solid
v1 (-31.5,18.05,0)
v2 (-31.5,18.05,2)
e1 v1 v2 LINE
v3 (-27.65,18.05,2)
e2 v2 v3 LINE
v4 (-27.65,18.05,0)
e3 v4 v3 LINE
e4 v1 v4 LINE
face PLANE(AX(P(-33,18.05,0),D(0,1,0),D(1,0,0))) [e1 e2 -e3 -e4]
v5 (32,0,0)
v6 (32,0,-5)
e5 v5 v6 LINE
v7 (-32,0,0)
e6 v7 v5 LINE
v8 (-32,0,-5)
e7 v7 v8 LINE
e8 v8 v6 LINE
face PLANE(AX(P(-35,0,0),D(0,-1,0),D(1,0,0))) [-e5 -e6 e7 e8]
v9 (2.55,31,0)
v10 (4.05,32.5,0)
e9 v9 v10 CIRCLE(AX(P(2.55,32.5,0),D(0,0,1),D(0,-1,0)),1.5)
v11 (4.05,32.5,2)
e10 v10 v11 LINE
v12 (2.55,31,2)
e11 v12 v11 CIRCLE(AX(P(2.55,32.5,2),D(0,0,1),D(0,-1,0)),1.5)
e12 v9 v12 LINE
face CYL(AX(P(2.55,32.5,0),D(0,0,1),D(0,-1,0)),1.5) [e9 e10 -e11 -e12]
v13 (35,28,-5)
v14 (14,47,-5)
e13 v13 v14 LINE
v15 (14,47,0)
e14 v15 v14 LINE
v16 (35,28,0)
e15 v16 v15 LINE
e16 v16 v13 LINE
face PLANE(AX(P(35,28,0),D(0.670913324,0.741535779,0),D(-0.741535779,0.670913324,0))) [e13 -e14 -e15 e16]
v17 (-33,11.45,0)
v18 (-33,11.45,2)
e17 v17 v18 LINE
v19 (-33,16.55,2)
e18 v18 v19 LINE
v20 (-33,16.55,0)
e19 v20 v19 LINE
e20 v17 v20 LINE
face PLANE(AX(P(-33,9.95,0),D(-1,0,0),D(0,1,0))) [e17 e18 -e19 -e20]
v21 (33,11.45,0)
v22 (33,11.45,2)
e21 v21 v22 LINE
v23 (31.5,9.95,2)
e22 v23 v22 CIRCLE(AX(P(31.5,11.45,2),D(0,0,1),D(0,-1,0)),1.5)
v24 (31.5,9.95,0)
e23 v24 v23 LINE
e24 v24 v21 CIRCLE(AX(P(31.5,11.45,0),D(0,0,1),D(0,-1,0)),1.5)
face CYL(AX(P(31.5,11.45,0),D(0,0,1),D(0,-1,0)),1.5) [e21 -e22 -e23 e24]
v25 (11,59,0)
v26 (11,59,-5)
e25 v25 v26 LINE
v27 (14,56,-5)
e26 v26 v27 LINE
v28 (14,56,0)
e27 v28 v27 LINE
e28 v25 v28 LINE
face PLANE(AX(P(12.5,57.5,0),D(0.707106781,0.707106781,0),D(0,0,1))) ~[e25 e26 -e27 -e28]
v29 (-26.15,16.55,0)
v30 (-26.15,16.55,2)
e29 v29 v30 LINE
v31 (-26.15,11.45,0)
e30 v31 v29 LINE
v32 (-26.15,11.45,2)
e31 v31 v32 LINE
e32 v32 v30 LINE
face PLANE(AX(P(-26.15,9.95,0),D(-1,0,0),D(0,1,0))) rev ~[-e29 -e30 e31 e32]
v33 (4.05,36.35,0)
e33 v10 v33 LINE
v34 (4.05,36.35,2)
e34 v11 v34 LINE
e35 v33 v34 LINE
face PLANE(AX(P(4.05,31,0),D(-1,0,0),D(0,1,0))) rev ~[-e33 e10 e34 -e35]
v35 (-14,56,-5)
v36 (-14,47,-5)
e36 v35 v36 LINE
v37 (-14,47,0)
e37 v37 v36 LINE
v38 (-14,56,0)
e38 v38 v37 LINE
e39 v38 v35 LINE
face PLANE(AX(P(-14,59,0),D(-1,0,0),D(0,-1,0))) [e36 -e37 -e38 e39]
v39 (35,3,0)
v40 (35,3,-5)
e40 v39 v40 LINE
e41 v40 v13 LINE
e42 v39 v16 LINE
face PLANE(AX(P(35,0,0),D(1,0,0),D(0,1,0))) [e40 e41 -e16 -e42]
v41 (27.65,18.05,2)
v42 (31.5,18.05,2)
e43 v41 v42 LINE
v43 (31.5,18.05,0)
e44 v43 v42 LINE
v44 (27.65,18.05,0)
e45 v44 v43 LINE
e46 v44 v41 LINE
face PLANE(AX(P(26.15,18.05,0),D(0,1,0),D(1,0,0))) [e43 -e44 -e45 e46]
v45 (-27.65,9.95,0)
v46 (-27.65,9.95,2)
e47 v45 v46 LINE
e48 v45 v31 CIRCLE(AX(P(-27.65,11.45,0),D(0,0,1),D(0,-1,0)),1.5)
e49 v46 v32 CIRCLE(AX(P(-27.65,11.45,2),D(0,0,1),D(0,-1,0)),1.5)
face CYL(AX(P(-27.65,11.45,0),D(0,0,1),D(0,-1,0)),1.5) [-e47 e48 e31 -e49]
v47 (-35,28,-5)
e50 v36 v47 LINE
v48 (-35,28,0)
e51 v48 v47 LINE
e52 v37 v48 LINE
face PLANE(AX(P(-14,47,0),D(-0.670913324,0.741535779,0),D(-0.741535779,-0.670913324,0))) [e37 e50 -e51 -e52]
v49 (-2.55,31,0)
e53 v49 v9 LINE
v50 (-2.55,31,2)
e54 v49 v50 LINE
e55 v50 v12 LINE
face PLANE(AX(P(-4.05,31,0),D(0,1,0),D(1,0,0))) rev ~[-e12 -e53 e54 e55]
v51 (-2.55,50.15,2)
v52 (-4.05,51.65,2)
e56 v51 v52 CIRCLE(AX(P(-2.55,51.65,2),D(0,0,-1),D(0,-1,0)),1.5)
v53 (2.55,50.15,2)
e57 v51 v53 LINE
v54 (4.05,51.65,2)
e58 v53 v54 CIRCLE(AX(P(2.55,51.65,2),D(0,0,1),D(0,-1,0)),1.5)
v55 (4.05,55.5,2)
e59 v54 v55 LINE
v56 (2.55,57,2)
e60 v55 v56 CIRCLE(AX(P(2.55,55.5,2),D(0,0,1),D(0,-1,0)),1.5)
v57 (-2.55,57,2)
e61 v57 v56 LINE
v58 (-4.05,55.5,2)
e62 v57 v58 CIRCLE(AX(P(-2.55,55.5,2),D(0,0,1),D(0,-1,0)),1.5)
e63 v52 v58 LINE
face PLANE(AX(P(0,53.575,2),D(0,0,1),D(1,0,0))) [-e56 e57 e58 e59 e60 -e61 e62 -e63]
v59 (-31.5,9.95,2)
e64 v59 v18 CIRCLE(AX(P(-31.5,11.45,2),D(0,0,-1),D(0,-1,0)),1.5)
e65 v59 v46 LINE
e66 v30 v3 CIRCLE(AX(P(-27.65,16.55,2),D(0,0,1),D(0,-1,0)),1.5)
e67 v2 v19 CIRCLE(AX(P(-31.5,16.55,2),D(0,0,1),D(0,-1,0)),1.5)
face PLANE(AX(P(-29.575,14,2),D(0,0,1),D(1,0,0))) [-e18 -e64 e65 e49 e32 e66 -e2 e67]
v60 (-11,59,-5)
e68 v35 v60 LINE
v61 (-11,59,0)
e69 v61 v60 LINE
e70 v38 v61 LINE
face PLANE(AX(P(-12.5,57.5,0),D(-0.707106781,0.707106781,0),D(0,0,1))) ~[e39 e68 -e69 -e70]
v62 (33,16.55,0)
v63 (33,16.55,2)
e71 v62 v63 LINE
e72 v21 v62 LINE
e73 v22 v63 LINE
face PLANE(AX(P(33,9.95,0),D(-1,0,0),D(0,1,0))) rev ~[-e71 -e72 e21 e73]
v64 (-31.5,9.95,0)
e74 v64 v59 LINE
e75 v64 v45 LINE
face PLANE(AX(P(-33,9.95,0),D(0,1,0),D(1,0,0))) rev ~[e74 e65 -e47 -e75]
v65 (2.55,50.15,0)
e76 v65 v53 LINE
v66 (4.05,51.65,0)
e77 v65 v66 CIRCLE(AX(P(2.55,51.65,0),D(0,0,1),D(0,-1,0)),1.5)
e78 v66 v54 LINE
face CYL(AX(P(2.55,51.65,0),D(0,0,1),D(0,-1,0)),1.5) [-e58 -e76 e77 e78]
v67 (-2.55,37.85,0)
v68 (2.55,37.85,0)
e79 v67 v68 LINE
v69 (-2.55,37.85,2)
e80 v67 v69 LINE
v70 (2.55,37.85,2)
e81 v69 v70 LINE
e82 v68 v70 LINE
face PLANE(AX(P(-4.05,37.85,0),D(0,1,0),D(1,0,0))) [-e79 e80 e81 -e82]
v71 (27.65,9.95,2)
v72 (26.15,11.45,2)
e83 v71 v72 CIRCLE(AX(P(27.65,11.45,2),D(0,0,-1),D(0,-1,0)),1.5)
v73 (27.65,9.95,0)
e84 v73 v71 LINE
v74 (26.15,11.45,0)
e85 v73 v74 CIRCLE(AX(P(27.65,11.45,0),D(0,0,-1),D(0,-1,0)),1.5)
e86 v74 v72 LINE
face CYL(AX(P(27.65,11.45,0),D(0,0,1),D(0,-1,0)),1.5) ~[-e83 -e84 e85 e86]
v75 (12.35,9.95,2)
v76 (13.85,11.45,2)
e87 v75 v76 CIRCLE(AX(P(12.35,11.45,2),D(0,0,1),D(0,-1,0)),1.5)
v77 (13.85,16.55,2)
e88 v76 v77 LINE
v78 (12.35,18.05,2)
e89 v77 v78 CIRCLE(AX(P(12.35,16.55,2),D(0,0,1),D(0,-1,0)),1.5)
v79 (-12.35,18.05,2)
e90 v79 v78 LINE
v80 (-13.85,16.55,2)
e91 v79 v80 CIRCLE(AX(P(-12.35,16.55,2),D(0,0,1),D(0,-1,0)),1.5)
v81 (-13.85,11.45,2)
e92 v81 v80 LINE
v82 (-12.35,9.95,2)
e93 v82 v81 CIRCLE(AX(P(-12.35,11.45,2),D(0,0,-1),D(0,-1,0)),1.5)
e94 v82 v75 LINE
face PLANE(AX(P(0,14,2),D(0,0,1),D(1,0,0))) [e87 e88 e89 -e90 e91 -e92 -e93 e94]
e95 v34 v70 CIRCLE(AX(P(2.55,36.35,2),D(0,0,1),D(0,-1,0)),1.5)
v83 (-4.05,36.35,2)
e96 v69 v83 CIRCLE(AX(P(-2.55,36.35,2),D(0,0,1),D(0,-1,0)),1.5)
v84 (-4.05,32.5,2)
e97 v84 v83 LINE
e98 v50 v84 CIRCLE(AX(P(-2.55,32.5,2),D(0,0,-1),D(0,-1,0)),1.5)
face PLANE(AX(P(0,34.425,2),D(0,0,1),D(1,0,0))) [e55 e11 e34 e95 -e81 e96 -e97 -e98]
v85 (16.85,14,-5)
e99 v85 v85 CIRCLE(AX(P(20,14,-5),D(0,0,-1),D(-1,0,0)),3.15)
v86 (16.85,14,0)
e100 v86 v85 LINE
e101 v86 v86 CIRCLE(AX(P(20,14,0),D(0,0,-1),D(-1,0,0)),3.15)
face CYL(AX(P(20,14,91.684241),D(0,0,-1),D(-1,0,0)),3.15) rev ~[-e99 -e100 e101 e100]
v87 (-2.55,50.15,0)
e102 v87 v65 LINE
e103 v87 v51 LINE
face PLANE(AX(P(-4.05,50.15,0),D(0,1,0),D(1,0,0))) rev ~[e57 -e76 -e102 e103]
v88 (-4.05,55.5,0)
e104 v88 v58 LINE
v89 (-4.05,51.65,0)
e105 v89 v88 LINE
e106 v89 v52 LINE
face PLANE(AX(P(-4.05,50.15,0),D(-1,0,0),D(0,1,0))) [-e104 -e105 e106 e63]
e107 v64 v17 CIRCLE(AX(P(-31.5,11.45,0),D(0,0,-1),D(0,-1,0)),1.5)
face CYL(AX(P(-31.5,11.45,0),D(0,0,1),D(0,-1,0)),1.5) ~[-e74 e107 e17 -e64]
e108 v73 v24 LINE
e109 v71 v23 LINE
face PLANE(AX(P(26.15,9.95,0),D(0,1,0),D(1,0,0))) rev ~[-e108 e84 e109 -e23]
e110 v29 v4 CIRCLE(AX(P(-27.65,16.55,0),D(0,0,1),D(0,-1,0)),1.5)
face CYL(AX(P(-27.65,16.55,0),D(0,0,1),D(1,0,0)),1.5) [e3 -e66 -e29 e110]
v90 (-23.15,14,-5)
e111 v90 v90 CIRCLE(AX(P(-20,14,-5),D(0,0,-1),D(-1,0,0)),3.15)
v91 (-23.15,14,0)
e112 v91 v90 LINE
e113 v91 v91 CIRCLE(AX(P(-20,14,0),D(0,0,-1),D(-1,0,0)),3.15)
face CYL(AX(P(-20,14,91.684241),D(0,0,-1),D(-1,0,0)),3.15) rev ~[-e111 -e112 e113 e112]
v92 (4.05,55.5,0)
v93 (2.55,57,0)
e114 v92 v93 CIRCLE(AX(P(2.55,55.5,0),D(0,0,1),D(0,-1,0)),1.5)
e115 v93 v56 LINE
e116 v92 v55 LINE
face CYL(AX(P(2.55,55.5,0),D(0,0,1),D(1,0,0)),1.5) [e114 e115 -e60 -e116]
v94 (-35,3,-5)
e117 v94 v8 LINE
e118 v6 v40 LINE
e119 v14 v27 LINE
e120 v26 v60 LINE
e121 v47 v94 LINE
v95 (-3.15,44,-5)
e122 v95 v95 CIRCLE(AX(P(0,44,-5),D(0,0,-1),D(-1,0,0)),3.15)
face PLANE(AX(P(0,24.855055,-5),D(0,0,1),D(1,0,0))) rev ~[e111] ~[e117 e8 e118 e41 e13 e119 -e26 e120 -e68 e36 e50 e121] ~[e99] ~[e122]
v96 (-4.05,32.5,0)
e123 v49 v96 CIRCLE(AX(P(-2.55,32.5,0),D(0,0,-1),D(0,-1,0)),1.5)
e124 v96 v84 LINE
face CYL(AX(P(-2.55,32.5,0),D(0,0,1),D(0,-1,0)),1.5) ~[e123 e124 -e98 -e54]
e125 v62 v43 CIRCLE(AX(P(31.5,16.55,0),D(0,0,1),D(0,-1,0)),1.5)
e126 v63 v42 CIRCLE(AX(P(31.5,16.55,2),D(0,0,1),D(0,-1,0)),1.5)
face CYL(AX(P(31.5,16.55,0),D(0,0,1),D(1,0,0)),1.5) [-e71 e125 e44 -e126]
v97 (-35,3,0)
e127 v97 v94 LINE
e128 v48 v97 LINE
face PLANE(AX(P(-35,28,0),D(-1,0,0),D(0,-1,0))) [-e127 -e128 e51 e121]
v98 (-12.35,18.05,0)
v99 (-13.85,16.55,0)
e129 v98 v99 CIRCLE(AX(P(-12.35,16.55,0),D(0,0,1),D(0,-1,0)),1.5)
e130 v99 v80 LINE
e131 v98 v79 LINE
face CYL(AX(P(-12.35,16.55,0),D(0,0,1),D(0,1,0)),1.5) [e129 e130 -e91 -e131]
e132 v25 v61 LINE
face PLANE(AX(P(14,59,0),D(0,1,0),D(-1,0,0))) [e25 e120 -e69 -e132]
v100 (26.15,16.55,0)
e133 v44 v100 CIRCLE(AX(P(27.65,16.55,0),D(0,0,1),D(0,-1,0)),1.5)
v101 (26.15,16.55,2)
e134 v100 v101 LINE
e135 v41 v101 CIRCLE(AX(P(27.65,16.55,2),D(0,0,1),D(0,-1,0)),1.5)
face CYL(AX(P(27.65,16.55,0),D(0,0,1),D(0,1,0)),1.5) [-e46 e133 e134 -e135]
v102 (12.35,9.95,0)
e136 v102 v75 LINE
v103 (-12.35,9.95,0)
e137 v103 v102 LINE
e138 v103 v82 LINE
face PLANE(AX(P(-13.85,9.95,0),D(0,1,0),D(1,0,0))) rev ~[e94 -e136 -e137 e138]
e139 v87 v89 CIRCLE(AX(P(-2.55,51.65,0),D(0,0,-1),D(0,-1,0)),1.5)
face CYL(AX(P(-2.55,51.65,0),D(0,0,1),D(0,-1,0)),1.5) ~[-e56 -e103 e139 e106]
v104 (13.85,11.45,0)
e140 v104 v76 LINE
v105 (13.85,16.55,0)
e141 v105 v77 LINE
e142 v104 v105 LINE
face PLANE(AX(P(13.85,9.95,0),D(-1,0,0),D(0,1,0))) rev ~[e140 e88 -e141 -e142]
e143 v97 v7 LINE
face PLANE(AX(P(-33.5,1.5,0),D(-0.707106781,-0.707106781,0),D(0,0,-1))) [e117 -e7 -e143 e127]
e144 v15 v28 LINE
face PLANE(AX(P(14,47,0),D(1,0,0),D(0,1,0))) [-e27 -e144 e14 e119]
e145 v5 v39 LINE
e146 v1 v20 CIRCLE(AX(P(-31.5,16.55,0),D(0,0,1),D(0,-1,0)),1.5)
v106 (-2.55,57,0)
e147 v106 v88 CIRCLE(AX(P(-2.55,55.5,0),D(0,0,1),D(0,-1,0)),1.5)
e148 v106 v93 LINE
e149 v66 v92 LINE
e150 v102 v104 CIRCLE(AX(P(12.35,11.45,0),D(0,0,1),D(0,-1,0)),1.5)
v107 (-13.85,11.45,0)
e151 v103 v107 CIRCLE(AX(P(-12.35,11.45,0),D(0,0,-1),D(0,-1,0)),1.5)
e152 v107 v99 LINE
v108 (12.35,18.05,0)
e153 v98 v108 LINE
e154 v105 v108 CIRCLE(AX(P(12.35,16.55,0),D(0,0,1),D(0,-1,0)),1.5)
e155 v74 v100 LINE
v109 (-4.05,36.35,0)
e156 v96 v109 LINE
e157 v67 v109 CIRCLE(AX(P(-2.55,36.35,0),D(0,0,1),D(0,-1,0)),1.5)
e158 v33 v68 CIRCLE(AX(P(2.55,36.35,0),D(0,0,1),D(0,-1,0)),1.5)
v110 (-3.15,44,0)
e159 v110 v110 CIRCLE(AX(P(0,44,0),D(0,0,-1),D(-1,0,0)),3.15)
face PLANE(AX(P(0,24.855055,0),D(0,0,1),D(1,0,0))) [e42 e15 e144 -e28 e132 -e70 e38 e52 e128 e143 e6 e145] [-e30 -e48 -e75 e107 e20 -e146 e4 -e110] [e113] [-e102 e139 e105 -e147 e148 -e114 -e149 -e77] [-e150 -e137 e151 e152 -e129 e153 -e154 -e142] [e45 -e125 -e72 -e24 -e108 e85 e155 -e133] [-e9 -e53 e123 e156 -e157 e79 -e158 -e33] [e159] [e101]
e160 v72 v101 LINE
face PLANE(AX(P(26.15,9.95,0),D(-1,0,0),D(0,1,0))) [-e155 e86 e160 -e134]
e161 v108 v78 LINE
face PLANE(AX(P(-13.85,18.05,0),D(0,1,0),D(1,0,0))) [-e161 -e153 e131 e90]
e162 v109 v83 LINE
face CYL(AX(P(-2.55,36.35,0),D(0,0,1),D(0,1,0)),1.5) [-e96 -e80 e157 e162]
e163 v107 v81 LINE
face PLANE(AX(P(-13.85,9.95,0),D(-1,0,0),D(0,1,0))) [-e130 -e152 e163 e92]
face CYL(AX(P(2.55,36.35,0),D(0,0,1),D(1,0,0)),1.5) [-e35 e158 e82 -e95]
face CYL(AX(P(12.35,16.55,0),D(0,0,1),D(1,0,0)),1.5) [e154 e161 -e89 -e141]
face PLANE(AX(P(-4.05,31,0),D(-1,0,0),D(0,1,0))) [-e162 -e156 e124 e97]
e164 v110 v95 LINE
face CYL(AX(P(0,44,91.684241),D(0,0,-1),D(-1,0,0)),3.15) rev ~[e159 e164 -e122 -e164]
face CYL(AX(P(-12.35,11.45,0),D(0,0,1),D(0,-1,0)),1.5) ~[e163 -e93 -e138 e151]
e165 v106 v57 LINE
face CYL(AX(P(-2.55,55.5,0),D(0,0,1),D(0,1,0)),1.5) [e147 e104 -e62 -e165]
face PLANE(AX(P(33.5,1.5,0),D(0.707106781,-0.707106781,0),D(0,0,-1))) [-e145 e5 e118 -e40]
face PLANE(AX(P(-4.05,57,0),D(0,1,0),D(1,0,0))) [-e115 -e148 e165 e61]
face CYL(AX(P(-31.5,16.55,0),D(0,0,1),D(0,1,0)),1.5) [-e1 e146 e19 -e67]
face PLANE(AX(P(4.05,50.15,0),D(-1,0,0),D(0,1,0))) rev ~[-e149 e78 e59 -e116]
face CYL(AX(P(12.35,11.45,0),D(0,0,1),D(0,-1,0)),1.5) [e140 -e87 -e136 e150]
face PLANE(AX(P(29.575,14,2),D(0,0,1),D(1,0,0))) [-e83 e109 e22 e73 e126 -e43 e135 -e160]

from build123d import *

# Parameters (mm, degrees)
F1_DEPTH = 5
F2_D     = 6.3
F3_SIZE  = 3
F4_W     = 8.1
F4_H     = 6.85
F4_W_2   = 6.85
F4_H_2   = 8.1
F4_W_3   = 27.7
F5_DEPTH = 2
F6_R     = 1.5


with BuildPart() as f1:
    # F0 (on Top) → F1 (new body)
    with BuildSketch(Plane.XY):
        Polygon((-35, 28), (-35, 0), (35, 0), (35, 28), (14, 47), (14, 59), (-14, 59), (-14, 47), align=None)
    extrude(amount=-F1_DEPTH)

    # F2 (through all)
    with Locations(Plane.XY):
        with Locations((20, 14), (-20, 14), (0, 44)):
            Hole(F2_D / 2)

    # F3
    f3_edges = [f1.edges().sort_by_distance(p)[0] for p in [
        (14, 59, -2.5),
        (-14, 59, -2.5),
        (35, 0, -2.5),
        (-35, 0, -2.5),
    ]]
    chamfer(f3_edges, length=F3_SIZE)

    # F4 (on face) → F5 (join)
    with BuildSketch(Plane.XY):
        with Locations((0, 53.575)):
            Rectangle(F4_W, F4_H)
        with Locations((0, 34.425)):
            Rectangle(F4_W, F4_H)
        with Locations((29.575, 14)):
            Rectangle(F4_W_2, F4_H_2)
        with Locations((0, 14)):
            Rectangle(F4_W_3, F4_H_2)
        with Locations((-29.575, 14)):
            Rectangle(F4_W_2, F4_H_2)
    extrude(amount=F5_DEPTH)

    # F6
    f6_edges = [f1.edges().sort_by_distance(p)[0] for p in [
        (-26.15, 9.95, 1),
        (-33, 9.95, 1),
        (-33, 18.05, 1),
        (-26.15, 18.05, 1),
        (-13.85, 9.95, 1),
        (-13.85, 18.05, 1),
        (13.85, 9.95, 1),
        (13.85, 18.05, 1),
        (33, 18.05, 1),
        (33, 9.95, 1),
        (26.15, 9.95, 1),
        (26.15, 18.05, 1),
        (4.05, 31, 1),
        (-4.05, 31, 1),
        (4.05, 37.85, 1),
        (-4.05, 37.85, 1),
        (4.05, 57, 1),
        (4.05, 50.15, 1),
        (-4.05, 57, 1),
        (-4.05, 50.15, 1),
    ]]
    fillet(f6_edges, radius=F6_R)


solid = f1.part
